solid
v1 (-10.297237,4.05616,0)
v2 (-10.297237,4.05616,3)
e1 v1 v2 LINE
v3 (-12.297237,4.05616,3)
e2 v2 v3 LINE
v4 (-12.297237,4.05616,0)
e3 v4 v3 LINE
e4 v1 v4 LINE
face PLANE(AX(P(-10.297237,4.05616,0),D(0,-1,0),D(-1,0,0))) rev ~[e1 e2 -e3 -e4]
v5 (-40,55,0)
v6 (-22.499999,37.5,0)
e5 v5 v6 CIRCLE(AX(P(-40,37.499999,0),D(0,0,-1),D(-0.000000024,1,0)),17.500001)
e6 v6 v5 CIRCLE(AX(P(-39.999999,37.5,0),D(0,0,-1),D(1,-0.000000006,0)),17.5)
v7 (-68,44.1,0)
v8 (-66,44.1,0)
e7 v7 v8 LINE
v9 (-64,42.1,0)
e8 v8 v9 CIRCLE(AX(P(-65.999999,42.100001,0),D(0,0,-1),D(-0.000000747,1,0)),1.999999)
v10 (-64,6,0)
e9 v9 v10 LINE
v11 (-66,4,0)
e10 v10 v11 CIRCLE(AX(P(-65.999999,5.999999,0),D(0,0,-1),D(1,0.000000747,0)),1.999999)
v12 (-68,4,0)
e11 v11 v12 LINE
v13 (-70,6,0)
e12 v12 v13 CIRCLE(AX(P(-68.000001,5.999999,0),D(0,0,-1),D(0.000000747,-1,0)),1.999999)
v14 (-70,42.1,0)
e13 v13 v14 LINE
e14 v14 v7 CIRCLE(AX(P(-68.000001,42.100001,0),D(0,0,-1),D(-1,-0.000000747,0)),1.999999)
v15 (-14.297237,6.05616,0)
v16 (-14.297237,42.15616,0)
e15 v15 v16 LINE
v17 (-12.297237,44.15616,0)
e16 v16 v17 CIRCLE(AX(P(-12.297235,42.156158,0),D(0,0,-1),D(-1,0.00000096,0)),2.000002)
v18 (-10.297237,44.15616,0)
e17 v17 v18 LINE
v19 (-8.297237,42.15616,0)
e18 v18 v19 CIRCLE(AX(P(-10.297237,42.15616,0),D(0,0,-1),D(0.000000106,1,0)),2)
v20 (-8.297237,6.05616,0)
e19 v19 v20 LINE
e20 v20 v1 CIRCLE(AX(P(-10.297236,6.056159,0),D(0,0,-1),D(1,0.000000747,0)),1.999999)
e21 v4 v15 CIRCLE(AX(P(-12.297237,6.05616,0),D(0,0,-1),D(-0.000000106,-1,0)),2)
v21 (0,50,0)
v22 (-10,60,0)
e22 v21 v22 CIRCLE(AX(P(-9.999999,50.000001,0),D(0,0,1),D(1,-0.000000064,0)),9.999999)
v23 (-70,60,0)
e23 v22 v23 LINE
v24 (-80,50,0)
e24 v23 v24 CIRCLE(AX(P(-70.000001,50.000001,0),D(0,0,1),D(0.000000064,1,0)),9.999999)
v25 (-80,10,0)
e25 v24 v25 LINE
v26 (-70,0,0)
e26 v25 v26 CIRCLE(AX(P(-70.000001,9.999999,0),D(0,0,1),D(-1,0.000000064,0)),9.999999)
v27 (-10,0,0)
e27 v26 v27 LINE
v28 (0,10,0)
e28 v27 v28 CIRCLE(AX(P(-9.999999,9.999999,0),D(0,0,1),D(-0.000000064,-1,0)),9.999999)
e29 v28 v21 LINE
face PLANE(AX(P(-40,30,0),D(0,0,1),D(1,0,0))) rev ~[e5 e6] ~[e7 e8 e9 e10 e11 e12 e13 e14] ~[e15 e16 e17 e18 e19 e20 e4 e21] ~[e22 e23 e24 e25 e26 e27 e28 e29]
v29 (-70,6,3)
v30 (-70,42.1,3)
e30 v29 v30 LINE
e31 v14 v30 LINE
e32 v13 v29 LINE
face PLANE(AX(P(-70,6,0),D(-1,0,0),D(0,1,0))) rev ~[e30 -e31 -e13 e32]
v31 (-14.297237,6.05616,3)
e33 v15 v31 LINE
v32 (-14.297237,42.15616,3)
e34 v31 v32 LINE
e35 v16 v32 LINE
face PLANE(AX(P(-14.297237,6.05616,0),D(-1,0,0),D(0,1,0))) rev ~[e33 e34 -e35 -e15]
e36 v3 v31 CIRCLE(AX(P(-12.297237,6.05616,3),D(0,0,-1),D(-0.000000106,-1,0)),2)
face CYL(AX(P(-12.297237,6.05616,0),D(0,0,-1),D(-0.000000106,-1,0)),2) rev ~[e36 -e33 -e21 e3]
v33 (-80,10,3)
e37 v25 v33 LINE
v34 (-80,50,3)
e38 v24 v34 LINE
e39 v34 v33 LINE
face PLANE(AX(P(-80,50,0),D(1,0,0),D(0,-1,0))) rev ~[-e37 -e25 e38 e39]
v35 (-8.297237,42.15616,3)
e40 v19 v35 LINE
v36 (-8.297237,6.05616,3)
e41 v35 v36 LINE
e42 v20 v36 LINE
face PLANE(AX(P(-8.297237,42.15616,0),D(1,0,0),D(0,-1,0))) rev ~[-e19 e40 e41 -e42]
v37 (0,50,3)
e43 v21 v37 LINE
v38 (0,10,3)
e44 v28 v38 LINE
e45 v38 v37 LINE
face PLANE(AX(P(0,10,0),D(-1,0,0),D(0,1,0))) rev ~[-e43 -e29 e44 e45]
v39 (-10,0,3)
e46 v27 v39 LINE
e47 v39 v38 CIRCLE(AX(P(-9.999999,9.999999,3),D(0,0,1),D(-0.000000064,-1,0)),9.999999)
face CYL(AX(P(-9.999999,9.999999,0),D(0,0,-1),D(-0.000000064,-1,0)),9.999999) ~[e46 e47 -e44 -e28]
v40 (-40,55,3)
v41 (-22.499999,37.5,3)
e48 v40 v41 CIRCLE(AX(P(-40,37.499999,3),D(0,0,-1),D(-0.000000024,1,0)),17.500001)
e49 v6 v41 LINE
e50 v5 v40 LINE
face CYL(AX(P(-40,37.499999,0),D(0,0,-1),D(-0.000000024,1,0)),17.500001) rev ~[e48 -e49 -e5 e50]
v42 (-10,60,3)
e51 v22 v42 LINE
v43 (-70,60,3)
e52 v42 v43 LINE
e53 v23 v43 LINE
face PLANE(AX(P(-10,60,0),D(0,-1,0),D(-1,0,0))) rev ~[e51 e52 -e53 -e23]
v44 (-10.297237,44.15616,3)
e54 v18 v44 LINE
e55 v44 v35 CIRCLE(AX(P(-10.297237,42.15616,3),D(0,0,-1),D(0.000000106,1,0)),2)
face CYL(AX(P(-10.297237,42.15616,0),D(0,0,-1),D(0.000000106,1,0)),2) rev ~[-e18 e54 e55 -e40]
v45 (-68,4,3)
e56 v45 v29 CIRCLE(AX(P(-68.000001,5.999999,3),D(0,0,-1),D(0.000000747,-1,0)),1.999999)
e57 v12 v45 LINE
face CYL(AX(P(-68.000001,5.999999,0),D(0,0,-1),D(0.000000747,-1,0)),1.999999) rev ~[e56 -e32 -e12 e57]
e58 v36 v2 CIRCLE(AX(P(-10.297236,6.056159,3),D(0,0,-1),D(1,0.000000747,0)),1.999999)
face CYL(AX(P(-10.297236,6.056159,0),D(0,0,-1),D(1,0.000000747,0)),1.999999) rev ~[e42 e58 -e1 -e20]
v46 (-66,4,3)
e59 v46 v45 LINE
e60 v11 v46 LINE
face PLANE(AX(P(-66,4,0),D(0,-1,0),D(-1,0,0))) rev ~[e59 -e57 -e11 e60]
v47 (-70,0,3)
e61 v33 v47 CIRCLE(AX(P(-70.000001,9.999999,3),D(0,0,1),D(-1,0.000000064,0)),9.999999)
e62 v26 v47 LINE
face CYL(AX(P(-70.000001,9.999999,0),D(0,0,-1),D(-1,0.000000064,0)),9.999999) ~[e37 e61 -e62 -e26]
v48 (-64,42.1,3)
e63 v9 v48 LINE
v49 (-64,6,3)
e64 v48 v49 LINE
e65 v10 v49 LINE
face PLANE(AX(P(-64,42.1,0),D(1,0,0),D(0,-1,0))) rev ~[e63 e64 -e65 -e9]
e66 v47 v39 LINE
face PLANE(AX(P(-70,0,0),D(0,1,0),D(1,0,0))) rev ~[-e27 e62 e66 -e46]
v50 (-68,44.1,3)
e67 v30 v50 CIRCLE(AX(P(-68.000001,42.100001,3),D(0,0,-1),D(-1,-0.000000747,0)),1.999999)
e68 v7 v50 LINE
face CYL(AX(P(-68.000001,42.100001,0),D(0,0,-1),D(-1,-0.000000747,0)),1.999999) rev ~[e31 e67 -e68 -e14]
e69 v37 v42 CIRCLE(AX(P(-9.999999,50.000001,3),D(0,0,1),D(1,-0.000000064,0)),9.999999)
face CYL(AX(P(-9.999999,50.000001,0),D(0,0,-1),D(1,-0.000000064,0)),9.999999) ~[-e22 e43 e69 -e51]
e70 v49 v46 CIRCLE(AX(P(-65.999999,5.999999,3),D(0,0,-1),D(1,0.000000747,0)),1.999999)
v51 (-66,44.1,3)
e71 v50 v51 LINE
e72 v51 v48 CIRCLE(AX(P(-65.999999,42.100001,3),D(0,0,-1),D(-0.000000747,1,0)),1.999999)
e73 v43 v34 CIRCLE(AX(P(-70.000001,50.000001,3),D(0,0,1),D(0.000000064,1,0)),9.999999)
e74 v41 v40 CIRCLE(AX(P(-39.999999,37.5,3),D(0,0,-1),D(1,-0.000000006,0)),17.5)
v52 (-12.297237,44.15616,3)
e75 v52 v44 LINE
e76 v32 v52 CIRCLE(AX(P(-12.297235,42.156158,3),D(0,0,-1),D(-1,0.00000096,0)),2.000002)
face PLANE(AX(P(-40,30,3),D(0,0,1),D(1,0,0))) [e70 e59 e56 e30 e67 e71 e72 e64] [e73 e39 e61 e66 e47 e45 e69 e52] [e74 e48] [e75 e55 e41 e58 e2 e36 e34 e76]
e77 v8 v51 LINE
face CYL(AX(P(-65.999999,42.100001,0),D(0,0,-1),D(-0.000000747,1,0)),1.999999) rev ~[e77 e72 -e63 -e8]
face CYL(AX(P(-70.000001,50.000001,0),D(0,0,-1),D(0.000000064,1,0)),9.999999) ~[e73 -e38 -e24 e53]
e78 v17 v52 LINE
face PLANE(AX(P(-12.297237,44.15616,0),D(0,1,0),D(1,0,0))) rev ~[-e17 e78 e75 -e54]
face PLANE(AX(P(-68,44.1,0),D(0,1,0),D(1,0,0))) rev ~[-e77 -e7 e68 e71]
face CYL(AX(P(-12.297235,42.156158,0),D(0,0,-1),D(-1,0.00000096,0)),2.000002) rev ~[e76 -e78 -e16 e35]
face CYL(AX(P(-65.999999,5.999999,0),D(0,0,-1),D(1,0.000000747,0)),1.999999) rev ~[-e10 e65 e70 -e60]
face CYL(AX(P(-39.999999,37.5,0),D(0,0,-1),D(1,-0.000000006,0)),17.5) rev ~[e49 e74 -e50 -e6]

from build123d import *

# Parameters (mm, degrees)
F1_DEPTH = 3


with BuildPart() as f1:
    # F0 (on Top) → F1 (new body)
    with BuildSketch(Plane.XY):
        with BuildLine():
            Line((-67.040354, 0), (-10, 0))
            ThreePointArc((-10, 0), (-2.928932, 2.928932), (0, 10))
            Line((0, 10), (0, 30))
            Line((0, 30), (0, 50))
            ThreePointArc((0, 50), (-2.928932, 57.071068), (-10, 60))
            Line((-10, 60), (-40, 60))
            Line((-40, 60), (-70, 60))
            ThreePointArc((-70, 60), (-77.071068, 57.071068), (-80, 50))
            Line((-80, 50), (-80, 36.222443))
            Line((-80, 36.222443), (-80, 10))
            ThreePointArc((-80, 10), (-77.071068, 2.928932), (-70, 0))
            Line((-70, 0), (-67.040354, 0))
        make_face()
        with BuildLine():
            Line((-66, 4), (-67.040354, 4))
            Line((-67.040354, 4), (-68, 4))
            ThreePointArc((-68, 4), (-69.414214, 4.585786), (-70, 6))
            Line((-70, 6), (-70, 42.1))
            ThreePointArc((-70, 42.1), (-69.414214, 43.514214), (-68, 44.1))
            Line((-68, 44.1), (-66, 44.1))
            ThreePointArc((-66, 44.1), (-64.585786, 43.514214), (-64, 42.1))
            Line((-64, 42.1), (-64, 6))
            ThreePointArc((-64, 6), (-64.585786, 4.585786), (-66, 4))
        make_face(mode=Mode.SUBTRACT)
        with BuildLine():
            Line((-8.297237, 42.15616), (-8.297237, 30))
            Line((-8.297237, 30), (-8.297237, 6.05616))
            ThreePointArc((-8.297237, 6.05616), (-8.883023, 4.641946), (-10.297237, 4.05616))
            Line((-10.297237, 4.05616), (-12.297237, 4.05616))
            ThreePointArc((-12.297237, 4.05616), (-13.71145, 4.641946), (-14.297237, 6.05616))
            Line((-14.297237, 6.05616), (-14.297237, 42.15616))
            ThreePointArc((-14.297237, 42.15616), (-13.71145, 43.570373), (-12.297237, 44.15616))
            Line((-12.297237, 44.15616), (-10.297237, 44.15616))
            ThreePointArc((-10.297237, 44.15616), (-8.883023, 43.570373), (-8.297237, 42.15616))
        make_face(mode=Mode.SUBTRACT)
        with BuildLine():
            ThreePointArc((-22.499999, 37.5), (-52.374367, 25.125631), (-40, 55))
            ThreePointArc((-40, 55), (-27.625631, 49.874369), (-22.499999, 37.5))
        make_face(mode=Mode.SUBTRACT)
    extrude(amount=F1_DEPTH)


solid = f1.part
